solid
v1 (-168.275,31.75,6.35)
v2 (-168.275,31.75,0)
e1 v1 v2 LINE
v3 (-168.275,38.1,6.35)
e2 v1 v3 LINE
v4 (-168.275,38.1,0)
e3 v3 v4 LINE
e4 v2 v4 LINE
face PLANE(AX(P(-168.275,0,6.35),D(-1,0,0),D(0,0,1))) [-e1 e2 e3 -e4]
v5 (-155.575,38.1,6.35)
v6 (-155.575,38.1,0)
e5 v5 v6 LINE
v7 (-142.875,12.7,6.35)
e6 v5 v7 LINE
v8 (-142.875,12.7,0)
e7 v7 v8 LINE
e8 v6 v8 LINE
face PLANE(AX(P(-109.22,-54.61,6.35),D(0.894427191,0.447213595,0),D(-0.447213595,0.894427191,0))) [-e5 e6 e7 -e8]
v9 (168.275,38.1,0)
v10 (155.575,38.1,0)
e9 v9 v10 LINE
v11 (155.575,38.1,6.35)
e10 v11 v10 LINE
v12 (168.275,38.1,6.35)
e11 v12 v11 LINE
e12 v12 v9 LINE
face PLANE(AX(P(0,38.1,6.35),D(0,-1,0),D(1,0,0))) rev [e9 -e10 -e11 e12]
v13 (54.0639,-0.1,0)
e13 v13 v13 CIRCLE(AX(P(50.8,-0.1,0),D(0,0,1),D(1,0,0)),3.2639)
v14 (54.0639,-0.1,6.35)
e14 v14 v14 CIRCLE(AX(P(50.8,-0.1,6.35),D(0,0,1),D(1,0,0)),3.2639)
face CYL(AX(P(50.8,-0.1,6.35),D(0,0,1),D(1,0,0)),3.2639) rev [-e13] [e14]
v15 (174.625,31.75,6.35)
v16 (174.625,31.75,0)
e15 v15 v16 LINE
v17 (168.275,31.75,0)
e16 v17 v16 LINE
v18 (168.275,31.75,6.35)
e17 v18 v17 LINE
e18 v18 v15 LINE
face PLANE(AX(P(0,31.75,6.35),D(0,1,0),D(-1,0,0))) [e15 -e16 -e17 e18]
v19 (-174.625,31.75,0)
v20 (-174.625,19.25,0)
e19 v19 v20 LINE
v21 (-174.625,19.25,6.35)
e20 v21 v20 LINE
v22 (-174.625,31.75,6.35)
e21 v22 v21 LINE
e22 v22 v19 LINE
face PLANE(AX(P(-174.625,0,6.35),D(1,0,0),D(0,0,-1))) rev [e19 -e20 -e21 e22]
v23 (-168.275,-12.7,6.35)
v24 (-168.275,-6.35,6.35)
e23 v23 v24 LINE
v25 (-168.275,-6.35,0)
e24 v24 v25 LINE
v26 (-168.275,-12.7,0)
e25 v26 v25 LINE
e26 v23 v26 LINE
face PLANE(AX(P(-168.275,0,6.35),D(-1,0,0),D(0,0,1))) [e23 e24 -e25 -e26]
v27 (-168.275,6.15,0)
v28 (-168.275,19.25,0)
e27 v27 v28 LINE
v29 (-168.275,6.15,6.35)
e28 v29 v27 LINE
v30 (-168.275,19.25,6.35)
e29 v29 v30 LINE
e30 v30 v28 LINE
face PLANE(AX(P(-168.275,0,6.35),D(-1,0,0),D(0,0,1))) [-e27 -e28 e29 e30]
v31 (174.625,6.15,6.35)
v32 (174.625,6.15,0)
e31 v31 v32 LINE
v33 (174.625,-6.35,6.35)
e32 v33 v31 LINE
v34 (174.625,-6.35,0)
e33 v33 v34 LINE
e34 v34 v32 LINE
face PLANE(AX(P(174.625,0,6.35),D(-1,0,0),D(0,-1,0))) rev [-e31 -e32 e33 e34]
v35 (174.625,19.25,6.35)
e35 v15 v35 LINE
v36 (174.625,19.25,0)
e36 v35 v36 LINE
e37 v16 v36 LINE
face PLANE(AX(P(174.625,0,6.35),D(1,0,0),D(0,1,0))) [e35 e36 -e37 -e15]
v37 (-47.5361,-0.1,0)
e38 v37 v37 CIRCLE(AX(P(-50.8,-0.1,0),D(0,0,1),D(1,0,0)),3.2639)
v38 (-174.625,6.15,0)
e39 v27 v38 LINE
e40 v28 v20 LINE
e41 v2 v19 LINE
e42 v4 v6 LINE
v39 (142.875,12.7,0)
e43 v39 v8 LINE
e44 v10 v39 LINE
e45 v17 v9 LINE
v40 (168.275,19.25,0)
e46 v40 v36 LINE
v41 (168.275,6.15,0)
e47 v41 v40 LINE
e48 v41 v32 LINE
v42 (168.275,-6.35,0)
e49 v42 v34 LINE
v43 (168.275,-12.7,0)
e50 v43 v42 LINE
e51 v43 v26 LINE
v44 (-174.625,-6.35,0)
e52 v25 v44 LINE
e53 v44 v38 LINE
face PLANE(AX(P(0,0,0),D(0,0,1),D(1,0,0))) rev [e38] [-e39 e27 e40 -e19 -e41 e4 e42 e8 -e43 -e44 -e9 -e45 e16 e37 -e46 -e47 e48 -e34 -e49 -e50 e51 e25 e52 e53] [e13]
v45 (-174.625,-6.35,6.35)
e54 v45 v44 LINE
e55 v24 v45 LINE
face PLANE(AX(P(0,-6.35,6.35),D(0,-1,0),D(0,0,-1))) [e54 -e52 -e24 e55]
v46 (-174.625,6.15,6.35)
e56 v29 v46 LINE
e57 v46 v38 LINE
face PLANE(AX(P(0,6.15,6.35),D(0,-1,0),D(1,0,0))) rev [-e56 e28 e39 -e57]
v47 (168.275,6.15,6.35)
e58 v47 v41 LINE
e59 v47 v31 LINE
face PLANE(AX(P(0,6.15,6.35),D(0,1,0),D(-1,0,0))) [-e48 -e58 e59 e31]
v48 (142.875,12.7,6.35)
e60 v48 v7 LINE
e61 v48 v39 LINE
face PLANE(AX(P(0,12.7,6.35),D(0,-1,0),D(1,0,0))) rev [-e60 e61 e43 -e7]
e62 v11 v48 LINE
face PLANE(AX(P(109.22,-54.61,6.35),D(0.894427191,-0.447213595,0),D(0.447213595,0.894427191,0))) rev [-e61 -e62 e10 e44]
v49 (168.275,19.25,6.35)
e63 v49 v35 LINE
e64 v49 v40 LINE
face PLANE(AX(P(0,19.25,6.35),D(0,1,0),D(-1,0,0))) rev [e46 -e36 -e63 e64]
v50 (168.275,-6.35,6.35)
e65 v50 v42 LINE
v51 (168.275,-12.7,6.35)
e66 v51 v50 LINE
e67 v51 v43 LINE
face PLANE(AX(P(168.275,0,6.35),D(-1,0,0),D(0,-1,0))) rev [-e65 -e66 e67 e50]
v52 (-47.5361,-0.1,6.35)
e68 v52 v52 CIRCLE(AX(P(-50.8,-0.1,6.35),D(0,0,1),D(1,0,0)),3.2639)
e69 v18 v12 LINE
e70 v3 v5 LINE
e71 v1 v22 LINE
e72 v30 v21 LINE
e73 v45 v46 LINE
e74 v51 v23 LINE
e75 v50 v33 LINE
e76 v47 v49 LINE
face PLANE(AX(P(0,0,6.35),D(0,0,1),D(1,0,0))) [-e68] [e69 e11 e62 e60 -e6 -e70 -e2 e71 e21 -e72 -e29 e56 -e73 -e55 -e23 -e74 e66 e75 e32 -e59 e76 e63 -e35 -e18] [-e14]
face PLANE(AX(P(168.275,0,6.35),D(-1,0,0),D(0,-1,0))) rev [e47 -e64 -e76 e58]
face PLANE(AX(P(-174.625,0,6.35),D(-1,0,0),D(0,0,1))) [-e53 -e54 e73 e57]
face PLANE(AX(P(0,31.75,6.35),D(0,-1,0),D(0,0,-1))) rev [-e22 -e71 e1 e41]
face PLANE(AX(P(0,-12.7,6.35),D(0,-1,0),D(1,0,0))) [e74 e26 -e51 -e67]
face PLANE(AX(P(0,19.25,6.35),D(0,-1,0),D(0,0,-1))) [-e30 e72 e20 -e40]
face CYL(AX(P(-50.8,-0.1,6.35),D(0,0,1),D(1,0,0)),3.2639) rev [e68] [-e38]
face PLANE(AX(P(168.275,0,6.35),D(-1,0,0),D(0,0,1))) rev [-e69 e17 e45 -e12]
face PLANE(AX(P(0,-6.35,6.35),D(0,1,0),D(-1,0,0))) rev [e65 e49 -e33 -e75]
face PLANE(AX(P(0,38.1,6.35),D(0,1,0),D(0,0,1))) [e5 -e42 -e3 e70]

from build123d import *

# Parameters (mm, degrees)
BOSS_EXTRUDE1_DEPTH      = 6.35
F_0_257_DIAMETER_HOLE1_D = 6.5278


with BuildPart() as part:
    # Sketch1 → Boss-Extrude1 (new body)
    with BuildSketch(Plane.XY):
        Polygon((-168.275, -6.35), (-168.275, -12.7), (-142.875, -12.7), (-9.525, -12.7), (9.525, -12.7), (142.875, -12.7), (168.275, -12.7), (168.275, -6.35), (174.625, -6.35), (174.625, 6.15), (168.275, 6.15), (168.275, 12.7), (168.275, 19.25), (174.625, 19.25), (174.625, 31.75), (168.275, 31.75), (168.275, 38.1), (155.575, 38.1), (142.875, 12.7), (9.525, 12.7), (-9.525, 12.7), (-142.875, 12.7), (-155.575, 38.1), (-168.275, 38.1), (-168.275, 31.75), (-174.625, 31.75), (-174.625, 19.25), (-168.275, 19.25), (-168.275, 12.7), (-168.275, 6.15), (-174.625, 6.15), (-174.625, -6.35), align=None)
    extrude(amount=BOSS_EXTRUDE1_DEPTH)

    # F (0.257) Diameter Hole1 (through all)
    with Locations(Plane.XY.offset(6.35)):
        with Locations((-50.8, -0.1), (50.8, -0.1)):
            Hole(F_0_257_DIAMETER_HOLE1_D / 2)


solid = part.part
